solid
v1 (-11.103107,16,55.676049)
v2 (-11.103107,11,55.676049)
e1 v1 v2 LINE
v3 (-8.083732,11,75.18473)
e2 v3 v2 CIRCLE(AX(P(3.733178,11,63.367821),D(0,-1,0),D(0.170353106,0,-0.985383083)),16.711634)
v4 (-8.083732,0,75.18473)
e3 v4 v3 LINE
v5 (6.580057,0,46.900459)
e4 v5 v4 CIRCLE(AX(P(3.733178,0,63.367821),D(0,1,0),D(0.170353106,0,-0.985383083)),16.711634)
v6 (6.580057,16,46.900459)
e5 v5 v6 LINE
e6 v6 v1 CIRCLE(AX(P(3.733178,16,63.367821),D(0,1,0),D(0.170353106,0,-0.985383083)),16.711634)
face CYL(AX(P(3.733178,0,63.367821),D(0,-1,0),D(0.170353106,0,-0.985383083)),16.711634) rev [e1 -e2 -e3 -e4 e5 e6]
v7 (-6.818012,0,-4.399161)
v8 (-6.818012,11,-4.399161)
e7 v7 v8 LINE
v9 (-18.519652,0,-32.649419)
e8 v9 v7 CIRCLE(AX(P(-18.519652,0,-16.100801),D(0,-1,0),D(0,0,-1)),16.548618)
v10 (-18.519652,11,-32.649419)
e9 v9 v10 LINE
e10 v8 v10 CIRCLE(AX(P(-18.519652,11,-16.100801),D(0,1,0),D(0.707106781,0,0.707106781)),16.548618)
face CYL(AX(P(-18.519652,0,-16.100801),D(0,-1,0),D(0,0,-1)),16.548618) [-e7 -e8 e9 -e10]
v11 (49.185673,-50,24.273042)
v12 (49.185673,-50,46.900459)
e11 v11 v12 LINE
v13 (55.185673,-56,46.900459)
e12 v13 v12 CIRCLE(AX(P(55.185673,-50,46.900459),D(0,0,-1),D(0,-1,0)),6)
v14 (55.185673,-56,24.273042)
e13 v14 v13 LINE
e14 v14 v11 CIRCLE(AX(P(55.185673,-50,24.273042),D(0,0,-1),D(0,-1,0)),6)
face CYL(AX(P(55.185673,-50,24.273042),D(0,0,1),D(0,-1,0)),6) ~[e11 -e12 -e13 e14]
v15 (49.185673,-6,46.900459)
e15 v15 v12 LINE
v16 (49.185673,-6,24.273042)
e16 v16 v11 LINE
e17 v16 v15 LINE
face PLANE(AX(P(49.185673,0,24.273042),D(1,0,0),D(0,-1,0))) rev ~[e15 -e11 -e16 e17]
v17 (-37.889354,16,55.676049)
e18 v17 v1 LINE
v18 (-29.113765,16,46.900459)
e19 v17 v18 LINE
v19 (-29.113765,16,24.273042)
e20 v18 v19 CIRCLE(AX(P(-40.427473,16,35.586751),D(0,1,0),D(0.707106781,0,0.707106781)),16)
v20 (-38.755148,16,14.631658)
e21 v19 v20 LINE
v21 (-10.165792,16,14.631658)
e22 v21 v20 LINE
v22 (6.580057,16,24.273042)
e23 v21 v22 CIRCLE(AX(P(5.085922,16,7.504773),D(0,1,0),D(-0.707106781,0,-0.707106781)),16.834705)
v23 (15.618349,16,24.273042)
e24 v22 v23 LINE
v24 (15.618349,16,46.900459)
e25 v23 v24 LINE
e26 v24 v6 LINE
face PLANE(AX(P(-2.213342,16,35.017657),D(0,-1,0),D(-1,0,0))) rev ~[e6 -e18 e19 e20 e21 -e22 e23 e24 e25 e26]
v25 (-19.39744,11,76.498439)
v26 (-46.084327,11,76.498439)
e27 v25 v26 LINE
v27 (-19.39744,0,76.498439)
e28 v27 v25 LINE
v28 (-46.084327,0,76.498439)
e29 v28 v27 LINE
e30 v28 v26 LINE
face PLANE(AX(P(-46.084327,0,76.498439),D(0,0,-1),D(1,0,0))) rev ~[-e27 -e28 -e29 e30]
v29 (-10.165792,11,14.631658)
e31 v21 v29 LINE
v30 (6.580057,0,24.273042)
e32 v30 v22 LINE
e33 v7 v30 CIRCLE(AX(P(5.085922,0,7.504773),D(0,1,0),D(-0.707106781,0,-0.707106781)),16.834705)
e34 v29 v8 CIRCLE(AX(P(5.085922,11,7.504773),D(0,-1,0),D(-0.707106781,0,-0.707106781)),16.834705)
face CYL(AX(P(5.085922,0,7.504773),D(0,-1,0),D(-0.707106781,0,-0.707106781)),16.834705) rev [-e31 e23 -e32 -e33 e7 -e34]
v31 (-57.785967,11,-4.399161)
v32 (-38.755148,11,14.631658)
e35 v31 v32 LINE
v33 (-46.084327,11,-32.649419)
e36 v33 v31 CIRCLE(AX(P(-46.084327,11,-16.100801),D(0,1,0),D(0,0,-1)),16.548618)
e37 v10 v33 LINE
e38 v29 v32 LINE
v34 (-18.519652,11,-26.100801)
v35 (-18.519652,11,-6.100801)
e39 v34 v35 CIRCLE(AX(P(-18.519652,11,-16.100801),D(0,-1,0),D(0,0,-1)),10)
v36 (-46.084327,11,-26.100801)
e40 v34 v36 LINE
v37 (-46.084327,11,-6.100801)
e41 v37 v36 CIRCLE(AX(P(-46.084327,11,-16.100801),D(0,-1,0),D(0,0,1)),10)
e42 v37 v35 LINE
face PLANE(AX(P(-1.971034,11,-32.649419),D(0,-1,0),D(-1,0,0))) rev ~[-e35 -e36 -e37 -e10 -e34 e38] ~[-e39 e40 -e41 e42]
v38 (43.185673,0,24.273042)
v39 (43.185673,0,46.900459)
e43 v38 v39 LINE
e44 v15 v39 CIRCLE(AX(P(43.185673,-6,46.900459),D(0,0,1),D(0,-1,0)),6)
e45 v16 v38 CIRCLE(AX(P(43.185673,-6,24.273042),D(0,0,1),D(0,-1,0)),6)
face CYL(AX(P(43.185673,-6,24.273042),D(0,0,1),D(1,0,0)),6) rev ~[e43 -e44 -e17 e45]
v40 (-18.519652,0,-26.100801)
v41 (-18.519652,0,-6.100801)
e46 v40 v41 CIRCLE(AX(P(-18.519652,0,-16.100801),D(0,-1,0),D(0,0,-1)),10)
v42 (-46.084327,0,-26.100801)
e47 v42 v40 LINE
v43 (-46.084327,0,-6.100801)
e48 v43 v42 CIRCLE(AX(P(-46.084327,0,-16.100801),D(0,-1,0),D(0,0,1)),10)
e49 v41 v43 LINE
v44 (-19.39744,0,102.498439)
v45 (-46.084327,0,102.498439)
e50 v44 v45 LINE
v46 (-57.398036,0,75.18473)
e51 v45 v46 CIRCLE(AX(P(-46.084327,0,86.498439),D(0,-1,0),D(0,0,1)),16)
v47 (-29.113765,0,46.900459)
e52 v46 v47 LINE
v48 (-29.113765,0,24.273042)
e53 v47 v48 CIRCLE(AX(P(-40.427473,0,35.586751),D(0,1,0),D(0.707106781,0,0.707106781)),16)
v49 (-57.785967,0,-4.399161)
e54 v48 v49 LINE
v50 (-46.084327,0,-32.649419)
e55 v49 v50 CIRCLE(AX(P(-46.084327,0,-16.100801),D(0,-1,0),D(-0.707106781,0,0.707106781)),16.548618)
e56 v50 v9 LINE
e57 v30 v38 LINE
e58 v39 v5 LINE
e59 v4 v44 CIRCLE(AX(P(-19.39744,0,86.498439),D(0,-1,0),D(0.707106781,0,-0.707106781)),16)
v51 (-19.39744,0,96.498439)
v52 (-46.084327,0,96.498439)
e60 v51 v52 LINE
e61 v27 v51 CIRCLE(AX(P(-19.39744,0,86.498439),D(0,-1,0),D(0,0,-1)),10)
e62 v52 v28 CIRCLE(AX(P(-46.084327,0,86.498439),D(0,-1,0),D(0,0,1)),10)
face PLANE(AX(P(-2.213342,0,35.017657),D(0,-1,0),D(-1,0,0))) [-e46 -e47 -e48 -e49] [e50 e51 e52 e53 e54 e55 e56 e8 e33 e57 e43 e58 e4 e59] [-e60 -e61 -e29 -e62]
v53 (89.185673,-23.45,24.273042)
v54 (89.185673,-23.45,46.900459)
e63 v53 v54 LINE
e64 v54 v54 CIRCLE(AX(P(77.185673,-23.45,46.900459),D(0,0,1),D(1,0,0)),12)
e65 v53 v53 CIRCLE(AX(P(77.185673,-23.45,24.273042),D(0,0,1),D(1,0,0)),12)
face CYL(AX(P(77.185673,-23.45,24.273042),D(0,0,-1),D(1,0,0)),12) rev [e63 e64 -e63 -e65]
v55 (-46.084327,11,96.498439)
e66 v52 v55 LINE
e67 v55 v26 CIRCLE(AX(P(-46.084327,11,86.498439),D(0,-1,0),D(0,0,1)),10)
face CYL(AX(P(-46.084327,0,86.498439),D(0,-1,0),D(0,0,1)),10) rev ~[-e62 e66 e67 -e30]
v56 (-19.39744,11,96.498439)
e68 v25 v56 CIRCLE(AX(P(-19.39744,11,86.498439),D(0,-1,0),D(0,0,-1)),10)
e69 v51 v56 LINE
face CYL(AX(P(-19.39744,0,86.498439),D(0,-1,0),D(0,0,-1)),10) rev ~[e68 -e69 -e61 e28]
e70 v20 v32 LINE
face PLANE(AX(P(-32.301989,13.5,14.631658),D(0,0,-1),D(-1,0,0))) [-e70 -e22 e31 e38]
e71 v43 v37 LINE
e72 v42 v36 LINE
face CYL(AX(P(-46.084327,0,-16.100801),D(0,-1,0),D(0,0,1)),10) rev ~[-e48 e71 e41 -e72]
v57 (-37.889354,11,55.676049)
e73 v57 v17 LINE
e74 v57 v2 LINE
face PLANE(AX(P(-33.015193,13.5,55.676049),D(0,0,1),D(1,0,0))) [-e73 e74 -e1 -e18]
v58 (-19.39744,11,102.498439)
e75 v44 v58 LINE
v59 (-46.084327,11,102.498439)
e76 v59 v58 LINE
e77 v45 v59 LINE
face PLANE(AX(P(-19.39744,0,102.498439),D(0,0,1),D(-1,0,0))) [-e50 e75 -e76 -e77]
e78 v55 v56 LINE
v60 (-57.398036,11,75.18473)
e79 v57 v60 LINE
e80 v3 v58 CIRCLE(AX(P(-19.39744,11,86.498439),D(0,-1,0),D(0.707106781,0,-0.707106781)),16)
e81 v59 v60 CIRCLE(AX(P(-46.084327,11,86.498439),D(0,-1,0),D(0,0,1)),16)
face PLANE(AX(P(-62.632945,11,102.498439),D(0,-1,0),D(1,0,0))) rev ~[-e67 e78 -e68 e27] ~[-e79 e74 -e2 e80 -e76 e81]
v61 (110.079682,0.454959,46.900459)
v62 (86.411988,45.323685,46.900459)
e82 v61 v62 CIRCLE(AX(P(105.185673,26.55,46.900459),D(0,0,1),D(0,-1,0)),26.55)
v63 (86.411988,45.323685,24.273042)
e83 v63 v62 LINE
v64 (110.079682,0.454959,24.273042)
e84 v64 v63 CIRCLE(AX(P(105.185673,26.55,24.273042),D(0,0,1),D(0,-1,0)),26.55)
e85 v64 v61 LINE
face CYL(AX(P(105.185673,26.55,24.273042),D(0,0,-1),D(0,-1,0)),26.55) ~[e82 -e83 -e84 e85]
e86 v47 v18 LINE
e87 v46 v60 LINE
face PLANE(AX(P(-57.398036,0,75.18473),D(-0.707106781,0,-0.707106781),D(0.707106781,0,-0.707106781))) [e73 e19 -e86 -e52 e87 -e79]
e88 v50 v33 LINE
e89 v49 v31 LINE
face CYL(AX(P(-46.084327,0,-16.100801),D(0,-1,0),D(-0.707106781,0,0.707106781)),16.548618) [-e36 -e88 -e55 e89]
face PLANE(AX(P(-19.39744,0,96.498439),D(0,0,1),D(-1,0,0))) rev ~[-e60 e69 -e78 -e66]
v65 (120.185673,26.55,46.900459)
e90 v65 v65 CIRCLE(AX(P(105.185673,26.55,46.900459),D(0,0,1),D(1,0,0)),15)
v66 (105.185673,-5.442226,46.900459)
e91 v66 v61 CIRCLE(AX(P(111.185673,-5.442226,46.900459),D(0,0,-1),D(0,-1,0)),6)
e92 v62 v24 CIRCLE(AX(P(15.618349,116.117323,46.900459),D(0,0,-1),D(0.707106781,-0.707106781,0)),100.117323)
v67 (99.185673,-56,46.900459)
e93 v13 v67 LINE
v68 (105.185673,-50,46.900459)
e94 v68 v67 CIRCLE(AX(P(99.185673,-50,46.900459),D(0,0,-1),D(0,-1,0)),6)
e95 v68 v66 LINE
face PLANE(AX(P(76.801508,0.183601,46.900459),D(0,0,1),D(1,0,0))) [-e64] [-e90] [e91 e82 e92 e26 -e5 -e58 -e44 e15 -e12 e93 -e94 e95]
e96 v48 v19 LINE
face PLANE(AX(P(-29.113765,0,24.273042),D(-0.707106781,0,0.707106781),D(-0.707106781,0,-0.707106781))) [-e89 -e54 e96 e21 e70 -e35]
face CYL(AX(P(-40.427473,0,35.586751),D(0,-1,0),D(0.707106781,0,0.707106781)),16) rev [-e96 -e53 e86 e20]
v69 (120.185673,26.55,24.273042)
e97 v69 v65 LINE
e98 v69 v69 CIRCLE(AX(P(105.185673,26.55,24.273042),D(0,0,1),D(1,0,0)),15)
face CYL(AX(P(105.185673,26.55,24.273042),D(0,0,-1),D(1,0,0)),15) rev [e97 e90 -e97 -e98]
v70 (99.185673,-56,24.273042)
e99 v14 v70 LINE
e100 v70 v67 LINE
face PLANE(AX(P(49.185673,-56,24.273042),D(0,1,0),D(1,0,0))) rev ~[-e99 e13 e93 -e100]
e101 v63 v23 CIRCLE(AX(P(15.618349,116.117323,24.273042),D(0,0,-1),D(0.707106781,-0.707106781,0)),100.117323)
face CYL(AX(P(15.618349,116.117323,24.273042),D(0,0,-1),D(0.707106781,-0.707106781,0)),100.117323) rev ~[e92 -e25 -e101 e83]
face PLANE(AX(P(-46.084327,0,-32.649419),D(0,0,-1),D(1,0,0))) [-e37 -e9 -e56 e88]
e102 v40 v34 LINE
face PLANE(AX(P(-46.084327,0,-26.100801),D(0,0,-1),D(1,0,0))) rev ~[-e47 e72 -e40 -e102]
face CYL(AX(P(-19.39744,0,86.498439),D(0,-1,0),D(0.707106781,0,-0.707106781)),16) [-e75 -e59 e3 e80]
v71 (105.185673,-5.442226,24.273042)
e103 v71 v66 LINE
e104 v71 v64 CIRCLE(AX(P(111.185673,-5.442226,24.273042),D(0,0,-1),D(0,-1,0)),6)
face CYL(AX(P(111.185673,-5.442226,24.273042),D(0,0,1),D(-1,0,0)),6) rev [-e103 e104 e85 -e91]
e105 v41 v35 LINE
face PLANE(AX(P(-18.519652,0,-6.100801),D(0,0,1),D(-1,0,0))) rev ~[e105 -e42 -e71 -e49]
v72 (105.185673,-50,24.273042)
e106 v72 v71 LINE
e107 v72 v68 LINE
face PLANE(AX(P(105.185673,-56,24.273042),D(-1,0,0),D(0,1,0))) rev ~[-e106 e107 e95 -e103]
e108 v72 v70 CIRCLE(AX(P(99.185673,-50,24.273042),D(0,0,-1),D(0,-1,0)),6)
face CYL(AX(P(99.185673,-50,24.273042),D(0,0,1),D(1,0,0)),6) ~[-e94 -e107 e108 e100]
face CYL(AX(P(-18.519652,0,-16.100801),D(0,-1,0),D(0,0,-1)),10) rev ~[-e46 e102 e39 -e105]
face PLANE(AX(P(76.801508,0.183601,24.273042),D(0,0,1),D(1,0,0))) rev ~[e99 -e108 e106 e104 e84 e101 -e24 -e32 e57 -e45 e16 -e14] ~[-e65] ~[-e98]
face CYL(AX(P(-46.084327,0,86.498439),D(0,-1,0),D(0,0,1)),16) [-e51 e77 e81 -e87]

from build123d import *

# Parameters (mm, degrees)
BOSS_EXTRUDE1_DEPTH = 16
BOSS_EXTRUDE2_START = -22.627417
SKETCH2_R           = 12
SKETCH2_R_2         = 15
BOSS_EXTRUDE2_DEPTH = 22.627417
FILLET1_R           = 6
SKETCH6_W           = 59.235505044
SKETCH6_H           = 5
CUT_EXTRUDE3_DEPTH  = 46.82239
SKETCH9_W           = 60.661911653
SKETCH9_H           = 5
CUT_EXTRUDE4_DEPTH  = 47.281077


with BuildPart() as part:
    # Sketch1 → Boss-Extrude1 (new body)
    with BuildSketch(Plane(origin=(0, 0, 0), x_dir=(1, 0, 0), z_dir=(0, 1, 0))):
        with BuildLine():
            Line((-46.084327379, 32.649418524), (-18.51965158, 32.649418524))
            ThreePointArc((-18.51965158, 32.649418524), (-3.230722186, 22.433682506), (-6.818011624, 4.399160642))
            ThreePointArc((-6.818011624, 4.399160642), (-10.165791884, -14.631658747), (6.580056768, -24.273042062))
            Line((6.580056768, -24.273042062), (89.580056768, -24.273042062))
            Line((89.580056768, -24.273042062), (89.580056768, -46.90045906))
            Line((89.580056768, -46.90045906), (6.580056768, -46.90045906))
            ThreePointArc((6.580056768, -46.90045906), (-11.103107382, -55.676049041), (-8.083731763, -75.184730307))
            ThreePointArc((-8.083731763, -75.184730307), (-4.615367742, -92.621373724), (-19.397440262, -102.498438806))
            Line((-19.397440262, -102.498438806), (-46.084327379, -102.498438806))
            ThreePointArc((-46.084327379, -102.498438806), (-60.866399899, -92.621373724), (-57.398035878, -75.184730307))
            Line((-57.398035878, -75.184730307), (-29.113764631, -46.90045906))
            ThreePointArc((-29.113764631, -46.90045906), (-24.42747313, -35.586750561), (-29.113764631, -24.273042062))
            Line((-29.113764631, -24.273042062), (-57.785967334, 4.399160642))
            ThreePointArc((-57.785967334, 4.399160642), (-61.373256773, 22.433682506), (-46.084327379, 32.649418524))
        make_face()
        with BuildLine():
            Line((-46.084327379, 26.100800597), (-18.51965158, 26.100800597))
            ThreePointArc((-18.51965158, 26.100800597), (-8.51965158, 16.100800597), (-18.51965158, 6.100800597))
            Line((-18.51965158, 6.100800597), (-46.084327379, 6.100800597))
            ThreePointArc((-46.084327379, 6.100800597), (-56.084327379, 16.100800597), (-46.084327379, 26.100800597))
        make_face(mode=Mode.SUBTRACT)
        with BuildLine():
            Line((-46.084327379, -76.498438806), (-19.397440262, -76.498438806))
            ThreePointArc((-19.397440262, -76.498438806), (-9.397440262, -86.498438806), (-19.397440262, -96.498438806))
            Line((-19.397440262, -96.498438806), (-46.084327379, -96.498438806))
            ThreePointArc((-46.084327379, -96.498438806), (-56.084327379, -86.498438806), (-46.084327379, -76.498438806))
        make_face(mode=Mode.SUBTRACT)
    extrude(amount=BOSS_EXTRUDE1_DEPTH)

    # Sketch2 → Boss-Extrude2 (add)
    with BuildSketch(Plane.XY.offset(46.90045906).offset(BOSS_EXTRUDE2_START)):
        with BuildLine():
            Line((105.185672621, -56), (105.185672621, 0))
            ThreePointArc((105.185672621, 0), (129.714674209, 36.710245129), (86.41198758, 45.323685041))
            ThreePointArc((86.41198758, 45.323685041), (53.931590324, 23.620977443), (15.618349457, 16))
            Line((15.618349457, 16), (89.580056768, 16))
            Line((89.580056768, 16), (89.580056768, 0))
            Line((89.580056768, 0), (49.185672621, 0))
            Line((49.185672621, 0), (49.185672621, -56))
            Line((49.185672621, -56), (105.185672621, -56))
        make_face()
        with Locations((77.185672621, -23.45)):
            Circle(SKETCH2_R, mode=Mode.SUBTRACT)
        with Locations((105.185672621, 26.55)):
            Circle(SKETCH2_R_2, mode=Mode.SUBTRACT)
    extrude(amount=BOSS_EXTRUDE2_DEPTH)

    # Fillet1
    fillet1_edges = [part.edges().sort_by_distance(p)[0] for p in [
        (105.185672621, 0, 35.58675056),
        (105.185672621, -56, 35.58675056),
        (49.185672621, -56, 35.58675056),
        (49.185672621, 0, 35.58675056),
    ]]
    fillet(fillet1_edges, radius=FILLET1_R)

    # Sketch6 → Cut-Extrude3 (cut)
    with BuildSketch(Plane.XY.offset(102.498438806)):
        with Locations((-33.015192784, 13.5)):
            Rectangle(SKETCH6_W, SKETCH6_H)
    extrude(amount=-CUT_EXTRUDE3_DEPTH, mode=Mode.SUBTRACT)

    # Sketch9 → Cut-Extrude4 (cut)
    with BuildSketch(Plane(origin=(0, 0, -32.649418524), x_dir=(-1, 0, 0), z_dir=(0, 0, -1))):
        with Locations((32.30198948, 13.5)):
            Rectangle(SKETCH9_W, SKETCH9_H)
    extrude(amount=-CUT_EXTRUDE4_DEPTH, mode=Mode.SUBTRACT)


solid = part.part
